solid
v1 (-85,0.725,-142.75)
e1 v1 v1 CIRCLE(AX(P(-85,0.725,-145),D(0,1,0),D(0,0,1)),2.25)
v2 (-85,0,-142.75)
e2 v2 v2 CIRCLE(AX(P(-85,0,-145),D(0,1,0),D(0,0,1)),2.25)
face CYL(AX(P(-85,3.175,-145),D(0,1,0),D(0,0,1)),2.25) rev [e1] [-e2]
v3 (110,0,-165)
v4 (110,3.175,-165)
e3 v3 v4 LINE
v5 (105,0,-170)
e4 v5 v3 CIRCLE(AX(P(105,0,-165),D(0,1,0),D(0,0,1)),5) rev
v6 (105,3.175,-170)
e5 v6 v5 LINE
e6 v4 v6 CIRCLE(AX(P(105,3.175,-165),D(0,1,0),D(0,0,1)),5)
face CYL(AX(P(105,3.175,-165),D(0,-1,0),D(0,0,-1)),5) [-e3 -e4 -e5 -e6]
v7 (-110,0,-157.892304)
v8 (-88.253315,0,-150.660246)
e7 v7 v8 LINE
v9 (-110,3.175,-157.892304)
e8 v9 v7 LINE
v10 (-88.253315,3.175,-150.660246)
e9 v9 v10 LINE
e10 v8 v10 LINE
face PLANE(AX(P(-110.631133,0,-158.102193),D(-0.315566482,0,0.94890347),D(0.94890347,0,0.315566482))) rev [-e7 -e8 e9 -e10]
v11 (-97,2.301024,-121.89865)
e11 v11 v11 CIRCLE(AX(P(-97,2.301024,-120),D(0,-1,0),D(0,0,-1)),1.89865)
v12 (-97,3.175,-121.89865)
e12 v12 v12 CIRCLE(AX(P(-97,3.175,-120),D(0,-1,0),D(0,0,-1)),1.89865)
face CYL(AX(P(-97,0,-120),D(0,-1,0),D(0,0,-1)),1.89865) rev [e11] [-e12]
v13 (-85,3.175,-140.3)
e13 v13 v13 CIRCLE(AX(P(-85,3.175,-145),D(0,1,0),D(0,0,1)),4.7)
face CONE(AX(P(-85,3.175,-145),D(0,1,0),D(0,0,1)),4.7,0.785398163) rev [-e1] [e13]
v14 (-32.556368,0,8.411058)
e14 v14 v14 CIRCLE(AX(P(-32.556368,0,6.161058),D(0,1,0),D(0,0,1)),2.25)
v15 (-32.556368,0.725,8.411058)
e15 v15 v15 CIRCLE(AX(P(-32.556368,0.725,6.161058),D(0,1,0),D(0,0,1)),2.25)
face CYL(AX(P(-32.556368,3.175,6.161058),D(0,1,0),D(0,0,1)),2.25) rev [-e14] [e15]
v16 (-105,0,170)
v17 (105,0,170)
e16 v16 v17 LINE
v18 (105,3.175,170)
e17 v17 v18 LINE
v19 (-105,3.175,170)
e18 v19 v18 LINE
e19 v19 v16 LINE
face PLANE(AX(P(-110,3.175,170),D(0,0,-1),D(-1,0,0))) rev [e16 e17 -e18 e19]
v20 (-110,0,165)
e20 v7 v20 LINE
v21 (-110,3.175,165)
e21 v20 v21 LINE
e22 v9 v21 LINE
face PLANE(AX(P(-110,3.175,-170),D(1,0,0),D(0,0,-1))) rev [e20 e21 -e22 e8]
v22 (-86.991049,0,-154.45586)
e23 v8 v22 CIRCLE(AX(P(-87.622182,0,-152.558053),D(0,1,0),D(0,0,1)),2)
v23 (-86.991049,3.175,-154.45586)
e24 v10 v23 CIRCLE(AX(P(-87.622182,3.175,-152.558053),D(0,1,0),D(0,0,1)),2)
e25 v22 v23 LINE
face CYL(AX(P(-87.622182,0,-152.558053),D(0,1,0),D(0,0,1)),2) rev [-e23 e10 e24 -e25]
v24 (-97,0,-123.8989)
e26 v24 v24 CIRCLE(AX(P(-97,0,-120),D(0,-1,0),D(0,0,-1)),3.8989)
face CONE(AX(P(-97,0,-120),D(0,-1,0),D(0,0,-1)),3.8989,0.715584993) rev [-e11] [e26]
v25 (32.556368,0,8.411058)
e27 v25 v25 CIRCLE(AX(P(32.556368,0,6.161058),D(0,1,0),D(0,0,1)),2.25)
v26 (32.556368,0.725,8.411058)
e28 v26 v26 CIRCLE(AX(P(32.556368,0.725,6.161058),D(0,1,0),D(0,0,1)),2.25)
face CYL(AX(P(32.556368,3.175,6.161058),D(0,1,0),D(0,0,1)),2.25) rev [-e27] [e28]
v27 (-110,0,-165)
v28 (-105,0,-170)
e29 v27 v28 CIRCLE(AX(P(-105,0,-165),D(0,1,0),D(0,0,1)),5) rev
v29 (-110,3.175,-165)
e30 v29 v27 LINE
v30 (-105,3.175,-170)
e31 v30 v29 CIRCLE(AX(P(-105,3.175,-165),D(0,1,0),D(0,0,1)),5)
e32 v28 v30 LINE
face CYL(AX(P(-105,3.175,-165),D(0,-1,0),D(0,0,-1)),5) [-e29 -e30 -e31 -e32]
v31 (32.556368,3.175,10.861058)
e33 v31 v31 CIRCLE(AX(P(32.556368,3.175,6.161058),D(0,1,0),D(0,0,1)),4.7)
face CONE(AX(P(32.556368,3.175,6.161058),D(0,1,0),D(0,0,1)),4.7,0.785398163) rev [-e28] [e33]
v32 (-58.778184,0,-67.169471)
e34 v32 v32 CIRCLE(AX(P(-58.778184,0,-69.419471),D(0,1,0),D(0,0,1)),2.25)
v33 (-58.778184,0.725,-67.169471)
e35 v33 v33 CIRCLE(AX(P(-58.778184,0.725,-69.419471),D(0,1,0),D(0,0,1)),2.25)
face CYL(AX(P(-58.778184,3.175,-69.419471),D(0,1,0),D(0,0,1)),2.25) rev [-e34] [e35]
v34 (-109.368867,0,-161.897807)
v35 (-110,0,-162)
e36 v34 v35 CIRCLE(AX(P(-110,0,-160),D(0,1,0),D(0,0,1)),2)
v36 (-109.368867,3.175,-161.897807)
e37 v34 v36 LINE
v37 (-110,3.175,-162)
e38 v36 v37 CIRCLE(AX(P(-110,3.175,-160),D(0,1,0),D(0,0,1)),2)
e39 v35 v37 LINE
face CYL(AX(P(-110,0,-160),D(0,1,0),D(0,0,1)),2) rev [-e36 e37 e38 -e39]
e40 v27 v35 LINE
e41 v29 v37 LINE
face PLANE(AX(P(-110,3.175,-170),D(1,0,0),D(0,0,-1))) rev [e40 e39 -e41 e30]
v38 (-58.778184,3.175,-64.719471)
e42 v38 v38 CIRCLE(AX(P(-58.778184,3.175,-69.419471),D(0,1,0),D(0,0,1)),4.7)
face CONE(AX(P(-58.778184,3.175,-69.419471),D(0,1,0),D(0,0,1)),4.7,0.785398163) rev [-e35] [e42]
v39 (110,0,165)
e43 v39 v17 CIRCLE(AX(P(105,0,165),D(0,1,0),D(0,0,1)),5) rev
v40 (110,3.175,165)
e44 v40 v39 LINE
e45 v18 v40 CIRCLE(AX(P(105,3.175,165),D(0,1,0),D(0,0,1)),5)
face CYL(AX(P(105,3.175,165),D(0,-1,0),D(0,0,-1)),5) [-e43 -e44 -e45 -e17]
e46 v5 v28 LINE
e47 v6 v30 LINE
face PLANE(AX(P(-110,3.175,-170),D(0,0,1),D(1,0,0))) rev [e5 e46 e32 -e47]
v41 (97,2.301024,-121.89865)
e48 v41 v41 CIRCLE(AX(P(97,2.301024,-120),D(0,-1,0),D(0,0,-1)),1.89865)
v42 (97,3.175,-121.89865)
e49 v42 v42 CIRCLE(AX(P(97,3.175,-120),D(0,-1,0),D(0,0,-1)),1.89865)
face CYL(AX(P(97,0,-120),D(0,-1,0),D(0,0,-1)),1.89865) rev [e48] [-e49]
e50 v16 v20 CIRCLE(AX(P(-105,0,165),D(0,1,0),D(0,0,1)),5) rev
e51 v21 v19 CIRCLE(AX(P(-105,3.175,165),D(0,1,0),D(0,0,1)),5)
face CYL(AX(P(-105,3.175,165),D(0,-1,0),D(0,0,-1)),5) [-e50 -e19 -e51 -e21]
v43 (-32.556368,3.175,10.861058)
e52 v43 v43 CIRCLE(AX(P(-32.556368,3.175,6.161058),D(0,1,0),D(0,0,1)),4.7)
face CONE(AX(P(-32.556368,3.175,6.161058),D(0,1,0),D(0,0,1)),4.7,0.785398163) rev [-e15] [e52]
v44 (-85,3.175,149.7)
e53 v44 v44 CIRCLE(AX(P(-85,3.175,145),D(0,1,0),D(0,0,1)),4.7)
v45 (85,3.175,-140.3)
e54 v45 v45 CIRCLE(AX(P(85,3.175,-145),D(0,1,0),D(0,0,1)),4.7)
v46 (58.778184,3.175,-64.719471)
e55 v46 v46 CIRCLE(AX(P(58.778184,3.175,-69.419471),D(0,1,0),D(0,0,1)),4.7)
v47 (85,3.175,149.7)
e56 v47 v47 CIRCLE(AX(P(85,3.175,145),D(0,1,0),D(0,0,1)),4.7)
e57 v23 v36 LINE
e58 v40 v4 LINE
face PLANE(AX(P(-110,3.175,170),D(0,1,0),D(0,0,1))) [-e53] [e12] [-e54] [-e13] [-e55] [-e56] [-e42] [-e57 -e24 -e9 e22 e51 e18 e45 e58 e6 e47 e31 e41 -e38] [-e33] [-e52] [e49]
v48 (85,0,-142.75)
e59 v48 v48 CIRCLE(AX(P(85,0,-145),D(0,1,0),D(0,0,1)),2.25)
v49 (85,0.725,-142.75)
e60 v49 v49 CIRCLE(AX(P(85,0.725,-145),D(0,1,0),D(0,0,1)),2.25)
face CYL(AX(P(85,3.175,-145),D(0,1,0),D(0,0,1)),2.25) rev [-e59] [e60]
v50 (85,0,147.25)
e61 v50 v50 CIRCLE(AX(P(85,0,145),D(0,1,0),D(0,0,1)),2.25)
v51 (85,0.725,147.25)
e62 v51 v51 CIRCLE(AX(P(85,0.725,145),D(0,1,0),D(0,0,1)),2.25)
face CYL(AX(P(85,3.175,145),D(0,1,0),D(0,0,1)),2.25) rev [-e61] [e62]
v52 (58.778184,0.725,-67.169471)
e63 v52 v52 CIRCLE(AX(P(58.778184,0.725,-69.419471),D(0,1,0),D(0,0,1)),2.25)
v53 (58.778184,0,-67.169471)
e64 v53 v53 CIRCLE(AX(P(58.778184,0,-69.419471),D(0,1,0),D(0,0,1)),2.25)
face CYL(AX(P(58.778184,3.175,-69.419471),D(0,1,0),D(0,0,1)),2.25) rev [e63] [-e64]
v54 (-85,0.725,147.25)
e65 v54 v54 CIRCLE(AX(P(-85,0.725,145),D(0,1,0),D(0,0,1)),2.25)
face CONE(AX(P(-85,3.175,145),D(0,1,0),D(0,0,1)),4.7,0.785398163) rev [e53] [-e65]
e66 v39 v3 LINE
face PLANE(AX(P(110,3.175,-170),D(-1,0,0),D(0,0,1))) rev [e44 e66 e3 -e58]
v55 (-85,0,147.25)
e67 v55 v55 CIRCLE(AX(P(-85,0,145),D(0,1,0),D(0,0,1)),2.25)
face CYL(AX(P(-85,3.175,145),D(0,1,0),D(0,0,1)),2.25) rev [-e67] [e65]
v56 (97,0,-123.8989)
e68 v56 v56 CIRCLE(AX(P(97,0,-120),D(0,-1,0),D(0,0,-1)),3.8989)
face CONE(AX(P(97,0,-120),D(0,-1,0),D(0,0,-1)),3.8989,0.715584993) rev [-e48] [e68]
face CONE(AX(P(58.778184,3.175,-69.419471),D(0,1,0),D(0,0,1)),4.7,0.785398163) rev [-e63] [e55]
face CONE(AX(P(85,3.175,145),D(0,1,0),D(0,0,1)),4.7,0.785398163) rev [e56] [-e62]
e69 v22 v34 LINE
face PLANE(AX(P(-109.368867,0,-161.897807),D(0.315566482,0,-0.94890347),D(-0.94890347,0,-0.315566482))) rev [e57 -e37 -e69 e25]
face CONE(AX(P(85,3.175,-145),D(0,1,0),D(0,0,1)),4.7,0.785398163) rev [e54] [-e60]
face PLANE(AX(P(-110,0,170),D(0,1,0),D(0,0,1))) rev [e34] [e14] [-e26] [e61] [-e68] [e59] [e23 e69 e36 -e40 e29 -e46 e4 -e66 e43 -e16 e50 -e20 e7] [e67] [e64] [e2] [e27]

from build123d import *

# Parameters (mm, degrees)
SKETCH1_W                                      = 220
SKETCH1_H                                      = 340
BOSS_EXTRUDE1_DEPTH                            = 3.175
FILLET1_R                                      = 5
CSK_FOR_6_FLAT_HEAD_SOCKET_CAP_SCREW1_A_COUNT  = 2
CSK_FOR_6_FLAT_HEAD_SOCKET_CAP_SCREW1_A_PITCH  = 194
CSK_FOR_M4_FLAT_HEAD_MACHINE_SCREW1_AT_2_COUNT = 2
CSK_FOR_M4_FLAT_HEAD_MACHINE_SCREW1_AT_2_PITCH = 148.413565465
CSK_FOR_M4_FLAT_HEAD_MACHINE_SCREW1_AT_3_COUNT = 2
CSK_FOR_M4_FLAT_HEAD_MACHINE_SCREW1_AT_3_PITCH = 216.016881764
CSK_FOR_M4_FLAT_HEAD_MACHINE_SCREW1_AT_4_COUNT = 2
CSK_FOR_M4_FLAT_HEAD_MACHINE_SCREW1_AT_4_PITCH = 290
CUT_EXTRUDE1_DEPTH                             = 4.175


with BuildPart() as part:
    # Sketch1 → Boss-Extrude1 (new body)
    with BuildSketch(Plane(origin=(0, 0, 0), x_dir=(1, 0, 0), z_dir=(0, 1, 0))):
        Rectangle(SKETCH1_W, SKETCH1_H)
    extrude(amount=BOSS_EXTRUDE1_DEPTH)

    # Fillet1
    fillet1_edges = [part.edges().sort_by_distance(p)[0] for p in [
        (-110, 1.5875, -170),
        (110, 1.5875, -170),
        (110, 1.5875, 170),
        (-110, 1.5875, 170),
    ]]
    fillet(fillet1_edges, radius=FILLET1_R)

    # Sketch4 → CSK for #6 Flat Head Socket Cap Screw1 (revolve, cut)
    with BuildSketch(Plane(origin=(97, 0, -120), x_dir=(0, 0, -1), z_dir=(1, 0, 0))):
        Polygon((0, 0), (0, 3.175), (1.89865, 3.175), (1.89865, 2.301024407), (3.8989, 0), align=None)
    csk_for_6_flat_head_socket_cap_screw1 = revolve(axis=Axis((97, -6.35, -120), (0, 1, 0)), mode=Mode.SUBTRACT)

    # CSK for #6 Flat Head Socket Cap Screw1 a: CSK for #6 Flat Head Socket Cap Screw1 ×2
    with Locations(*[(-i * CSK_FOR_6_FLAT_HEAD_SOCKET_CAP_SCREW1_A_PITCH, 0, 0) for i in range(1, CSK_FOR_6_FLAT_HEAD_SOCKET_CAP_SCREW1_A_COUNT)]):
        add(csk_for_6_flat_head_socket_cap_screw1, mode=Mode.SUBTRACT)

    # Sketch5 → CSK for M4 Flat Head Machine Screw1 (revolve, cut)
    with BuildSketch(Plane(origin=(-85, 3.175, 145), x_dir=(0, 0, 1), z_dir=(1, 0, 0))):
        Polygon((0, 0), (0, 3.175), (2.25, 3.175), (2.25, 2.45), (4.7, 0), align=None)
    csk_for_m4_flat_head_machine_screw1 = revolve(axis=Axis((-85, 9.525, 145), (0, -1, 0)), mode=Mode.SUBTRACT)

    # CSK for M4 Flat Head Machine Screw1 at 2: CSK for M4 Flat Head Machine Screw1 ×2
    with Locations(*[Vector(0.353361448, 0, -0.935486872) * (i * CSK_FOR_M4_FLAT_HEAD_MACHINE_SCREW1_AT_2_PITCH) for i in range(1, CSK_FOR_M4_FLAT_HEAD_MACHINE_SCREW1_AT_2_COUNT)]):
        add(csk_for_m4_flat_head_machine_screw1, mode=Mode.SUBTRACT)

    # CSK for M4 Flat Head Machine Screw1 at 3: CSK for M4 Flat Head Machine Screw1 ×2
    with Locations(*[Vector(0.12138781, 0, -0.992605158) * (i * CSK_FOR_M4_FLAT_HEAD_MACHINE_SCREW1_AT_3_PITCH) for i in range(1, CSK_FOR_M4_FLAT_HEAD_MACHINE_SCREW1_AT_3_COUNT)]):
        add(csk_for_m4_flat_head_machine_screw1, mode=Mode.SUBTRACT)

    # CSK for M4 Flat Head Machine Screw1 at 4: CSK for M4 Flat Head Machine Screw1 ×2
    with Locations(*[(0, 0, -i * CSK_FOR_M4_FLAT_HEAD_MACHINE_SCREW1_AT_4_PITCH) for i in range(1, CSK_FOR_M4_FLAT_HEAD_MACHINE_SCREW1_AT_4_COUNT)]):
        add(csk_for_m4_flat_head_machine_screw1, mode=Mode.SUBTRACT)

    # Mirror1: CSK for M4 Flat Head Machine Screw1 across plane
    add(csk_for_m4_flat_head_machine_screw1.mirror(Plane(origin=(0, 0, 0), x_dir=(0, 0, 1), z_dir=(1, 0, 0))), mode=Mode.SUBTRACT)

    # Mirror1 copy 1 sketch → Mirror1 copy 1 (revolve, cut)
    with BuildSketch(Plane(origin=(32.556367665, 3.175, 6.161057907), x_dir=(0, 0, 1), z_dir=(-1, 0, 0))):
        Polygon((0, 0), (0, -3.175), (2.25, -3.175), (2.25, -2.45), (4.7, 0), align=None)
    revolve(axis=Axis((32.556367665, 9.525, 6.161057907), (0, 1, 0)), mode=Mode.SUBTRACT)

    # Mirror1 copy 2 sketch → Mirror1 copy 2 (revolve, cut)
    with BuildSketch(Plane(origin=(58.778183832, 3.175, -69.419471047), x_dir=(0, 0, 1), z_dir=(-1, 0, 0))):
        Polygon((0, 0), (0, -3.175), (2.25, -3.175), (2.25, -2.45), (4.7, 0), align=None)
    revolve(axis=Axis((58.778183832, 9.525, -69.419471047), (0, 1, 0)), mode=Mode.SUBTRACT)

    # Mirror1 copy 3 sketch → Mirror1 copy 3 (revolve, cut)
    with BuildSketch(Plane(origin=(85, 3.175, -145), x_dir=(0, 0, 1), z_dir=(-1, 0, 0))):
        Polygon((0, 0), (0, -3.175), (2.25, -3.175), (2.25, -2.45), (4.7, 0), align=None)
    revolve(axis=Axis((85, 9.525, -145), (0, 1, 0)), mode=Mode.SUBTRACT)

    # Sketch7 → Cut-Extrude1 (cut, through all)
    with BuildSketch(Plane(origin=(0, 3.175, 0), x_dir=(1, 0, 0), z_dir=(0, 1, 0))):
        with BuildLine():
            Line((-109.368867035, 161.89780694), (-86.991048652, 154.455859835))
            ThreePointArc((-86.991048652, 154.455859835), (-85.724374677, 151.926919931), (-88.253314582, 150.660245956))
            Line((-88.253314582, 150.660245956), (-110.631132965, 158.10219306))
            ThreePointArc((-110.631132965, 158.10219306), (-111.89780694, 160.631132965), (-109.368867035, 161.89780694))
        make_face()
    extrude(amount=-CUT_EXTRUDE1_DEPTH, mode=Mode.SUBTRACT)


solid = part.part
